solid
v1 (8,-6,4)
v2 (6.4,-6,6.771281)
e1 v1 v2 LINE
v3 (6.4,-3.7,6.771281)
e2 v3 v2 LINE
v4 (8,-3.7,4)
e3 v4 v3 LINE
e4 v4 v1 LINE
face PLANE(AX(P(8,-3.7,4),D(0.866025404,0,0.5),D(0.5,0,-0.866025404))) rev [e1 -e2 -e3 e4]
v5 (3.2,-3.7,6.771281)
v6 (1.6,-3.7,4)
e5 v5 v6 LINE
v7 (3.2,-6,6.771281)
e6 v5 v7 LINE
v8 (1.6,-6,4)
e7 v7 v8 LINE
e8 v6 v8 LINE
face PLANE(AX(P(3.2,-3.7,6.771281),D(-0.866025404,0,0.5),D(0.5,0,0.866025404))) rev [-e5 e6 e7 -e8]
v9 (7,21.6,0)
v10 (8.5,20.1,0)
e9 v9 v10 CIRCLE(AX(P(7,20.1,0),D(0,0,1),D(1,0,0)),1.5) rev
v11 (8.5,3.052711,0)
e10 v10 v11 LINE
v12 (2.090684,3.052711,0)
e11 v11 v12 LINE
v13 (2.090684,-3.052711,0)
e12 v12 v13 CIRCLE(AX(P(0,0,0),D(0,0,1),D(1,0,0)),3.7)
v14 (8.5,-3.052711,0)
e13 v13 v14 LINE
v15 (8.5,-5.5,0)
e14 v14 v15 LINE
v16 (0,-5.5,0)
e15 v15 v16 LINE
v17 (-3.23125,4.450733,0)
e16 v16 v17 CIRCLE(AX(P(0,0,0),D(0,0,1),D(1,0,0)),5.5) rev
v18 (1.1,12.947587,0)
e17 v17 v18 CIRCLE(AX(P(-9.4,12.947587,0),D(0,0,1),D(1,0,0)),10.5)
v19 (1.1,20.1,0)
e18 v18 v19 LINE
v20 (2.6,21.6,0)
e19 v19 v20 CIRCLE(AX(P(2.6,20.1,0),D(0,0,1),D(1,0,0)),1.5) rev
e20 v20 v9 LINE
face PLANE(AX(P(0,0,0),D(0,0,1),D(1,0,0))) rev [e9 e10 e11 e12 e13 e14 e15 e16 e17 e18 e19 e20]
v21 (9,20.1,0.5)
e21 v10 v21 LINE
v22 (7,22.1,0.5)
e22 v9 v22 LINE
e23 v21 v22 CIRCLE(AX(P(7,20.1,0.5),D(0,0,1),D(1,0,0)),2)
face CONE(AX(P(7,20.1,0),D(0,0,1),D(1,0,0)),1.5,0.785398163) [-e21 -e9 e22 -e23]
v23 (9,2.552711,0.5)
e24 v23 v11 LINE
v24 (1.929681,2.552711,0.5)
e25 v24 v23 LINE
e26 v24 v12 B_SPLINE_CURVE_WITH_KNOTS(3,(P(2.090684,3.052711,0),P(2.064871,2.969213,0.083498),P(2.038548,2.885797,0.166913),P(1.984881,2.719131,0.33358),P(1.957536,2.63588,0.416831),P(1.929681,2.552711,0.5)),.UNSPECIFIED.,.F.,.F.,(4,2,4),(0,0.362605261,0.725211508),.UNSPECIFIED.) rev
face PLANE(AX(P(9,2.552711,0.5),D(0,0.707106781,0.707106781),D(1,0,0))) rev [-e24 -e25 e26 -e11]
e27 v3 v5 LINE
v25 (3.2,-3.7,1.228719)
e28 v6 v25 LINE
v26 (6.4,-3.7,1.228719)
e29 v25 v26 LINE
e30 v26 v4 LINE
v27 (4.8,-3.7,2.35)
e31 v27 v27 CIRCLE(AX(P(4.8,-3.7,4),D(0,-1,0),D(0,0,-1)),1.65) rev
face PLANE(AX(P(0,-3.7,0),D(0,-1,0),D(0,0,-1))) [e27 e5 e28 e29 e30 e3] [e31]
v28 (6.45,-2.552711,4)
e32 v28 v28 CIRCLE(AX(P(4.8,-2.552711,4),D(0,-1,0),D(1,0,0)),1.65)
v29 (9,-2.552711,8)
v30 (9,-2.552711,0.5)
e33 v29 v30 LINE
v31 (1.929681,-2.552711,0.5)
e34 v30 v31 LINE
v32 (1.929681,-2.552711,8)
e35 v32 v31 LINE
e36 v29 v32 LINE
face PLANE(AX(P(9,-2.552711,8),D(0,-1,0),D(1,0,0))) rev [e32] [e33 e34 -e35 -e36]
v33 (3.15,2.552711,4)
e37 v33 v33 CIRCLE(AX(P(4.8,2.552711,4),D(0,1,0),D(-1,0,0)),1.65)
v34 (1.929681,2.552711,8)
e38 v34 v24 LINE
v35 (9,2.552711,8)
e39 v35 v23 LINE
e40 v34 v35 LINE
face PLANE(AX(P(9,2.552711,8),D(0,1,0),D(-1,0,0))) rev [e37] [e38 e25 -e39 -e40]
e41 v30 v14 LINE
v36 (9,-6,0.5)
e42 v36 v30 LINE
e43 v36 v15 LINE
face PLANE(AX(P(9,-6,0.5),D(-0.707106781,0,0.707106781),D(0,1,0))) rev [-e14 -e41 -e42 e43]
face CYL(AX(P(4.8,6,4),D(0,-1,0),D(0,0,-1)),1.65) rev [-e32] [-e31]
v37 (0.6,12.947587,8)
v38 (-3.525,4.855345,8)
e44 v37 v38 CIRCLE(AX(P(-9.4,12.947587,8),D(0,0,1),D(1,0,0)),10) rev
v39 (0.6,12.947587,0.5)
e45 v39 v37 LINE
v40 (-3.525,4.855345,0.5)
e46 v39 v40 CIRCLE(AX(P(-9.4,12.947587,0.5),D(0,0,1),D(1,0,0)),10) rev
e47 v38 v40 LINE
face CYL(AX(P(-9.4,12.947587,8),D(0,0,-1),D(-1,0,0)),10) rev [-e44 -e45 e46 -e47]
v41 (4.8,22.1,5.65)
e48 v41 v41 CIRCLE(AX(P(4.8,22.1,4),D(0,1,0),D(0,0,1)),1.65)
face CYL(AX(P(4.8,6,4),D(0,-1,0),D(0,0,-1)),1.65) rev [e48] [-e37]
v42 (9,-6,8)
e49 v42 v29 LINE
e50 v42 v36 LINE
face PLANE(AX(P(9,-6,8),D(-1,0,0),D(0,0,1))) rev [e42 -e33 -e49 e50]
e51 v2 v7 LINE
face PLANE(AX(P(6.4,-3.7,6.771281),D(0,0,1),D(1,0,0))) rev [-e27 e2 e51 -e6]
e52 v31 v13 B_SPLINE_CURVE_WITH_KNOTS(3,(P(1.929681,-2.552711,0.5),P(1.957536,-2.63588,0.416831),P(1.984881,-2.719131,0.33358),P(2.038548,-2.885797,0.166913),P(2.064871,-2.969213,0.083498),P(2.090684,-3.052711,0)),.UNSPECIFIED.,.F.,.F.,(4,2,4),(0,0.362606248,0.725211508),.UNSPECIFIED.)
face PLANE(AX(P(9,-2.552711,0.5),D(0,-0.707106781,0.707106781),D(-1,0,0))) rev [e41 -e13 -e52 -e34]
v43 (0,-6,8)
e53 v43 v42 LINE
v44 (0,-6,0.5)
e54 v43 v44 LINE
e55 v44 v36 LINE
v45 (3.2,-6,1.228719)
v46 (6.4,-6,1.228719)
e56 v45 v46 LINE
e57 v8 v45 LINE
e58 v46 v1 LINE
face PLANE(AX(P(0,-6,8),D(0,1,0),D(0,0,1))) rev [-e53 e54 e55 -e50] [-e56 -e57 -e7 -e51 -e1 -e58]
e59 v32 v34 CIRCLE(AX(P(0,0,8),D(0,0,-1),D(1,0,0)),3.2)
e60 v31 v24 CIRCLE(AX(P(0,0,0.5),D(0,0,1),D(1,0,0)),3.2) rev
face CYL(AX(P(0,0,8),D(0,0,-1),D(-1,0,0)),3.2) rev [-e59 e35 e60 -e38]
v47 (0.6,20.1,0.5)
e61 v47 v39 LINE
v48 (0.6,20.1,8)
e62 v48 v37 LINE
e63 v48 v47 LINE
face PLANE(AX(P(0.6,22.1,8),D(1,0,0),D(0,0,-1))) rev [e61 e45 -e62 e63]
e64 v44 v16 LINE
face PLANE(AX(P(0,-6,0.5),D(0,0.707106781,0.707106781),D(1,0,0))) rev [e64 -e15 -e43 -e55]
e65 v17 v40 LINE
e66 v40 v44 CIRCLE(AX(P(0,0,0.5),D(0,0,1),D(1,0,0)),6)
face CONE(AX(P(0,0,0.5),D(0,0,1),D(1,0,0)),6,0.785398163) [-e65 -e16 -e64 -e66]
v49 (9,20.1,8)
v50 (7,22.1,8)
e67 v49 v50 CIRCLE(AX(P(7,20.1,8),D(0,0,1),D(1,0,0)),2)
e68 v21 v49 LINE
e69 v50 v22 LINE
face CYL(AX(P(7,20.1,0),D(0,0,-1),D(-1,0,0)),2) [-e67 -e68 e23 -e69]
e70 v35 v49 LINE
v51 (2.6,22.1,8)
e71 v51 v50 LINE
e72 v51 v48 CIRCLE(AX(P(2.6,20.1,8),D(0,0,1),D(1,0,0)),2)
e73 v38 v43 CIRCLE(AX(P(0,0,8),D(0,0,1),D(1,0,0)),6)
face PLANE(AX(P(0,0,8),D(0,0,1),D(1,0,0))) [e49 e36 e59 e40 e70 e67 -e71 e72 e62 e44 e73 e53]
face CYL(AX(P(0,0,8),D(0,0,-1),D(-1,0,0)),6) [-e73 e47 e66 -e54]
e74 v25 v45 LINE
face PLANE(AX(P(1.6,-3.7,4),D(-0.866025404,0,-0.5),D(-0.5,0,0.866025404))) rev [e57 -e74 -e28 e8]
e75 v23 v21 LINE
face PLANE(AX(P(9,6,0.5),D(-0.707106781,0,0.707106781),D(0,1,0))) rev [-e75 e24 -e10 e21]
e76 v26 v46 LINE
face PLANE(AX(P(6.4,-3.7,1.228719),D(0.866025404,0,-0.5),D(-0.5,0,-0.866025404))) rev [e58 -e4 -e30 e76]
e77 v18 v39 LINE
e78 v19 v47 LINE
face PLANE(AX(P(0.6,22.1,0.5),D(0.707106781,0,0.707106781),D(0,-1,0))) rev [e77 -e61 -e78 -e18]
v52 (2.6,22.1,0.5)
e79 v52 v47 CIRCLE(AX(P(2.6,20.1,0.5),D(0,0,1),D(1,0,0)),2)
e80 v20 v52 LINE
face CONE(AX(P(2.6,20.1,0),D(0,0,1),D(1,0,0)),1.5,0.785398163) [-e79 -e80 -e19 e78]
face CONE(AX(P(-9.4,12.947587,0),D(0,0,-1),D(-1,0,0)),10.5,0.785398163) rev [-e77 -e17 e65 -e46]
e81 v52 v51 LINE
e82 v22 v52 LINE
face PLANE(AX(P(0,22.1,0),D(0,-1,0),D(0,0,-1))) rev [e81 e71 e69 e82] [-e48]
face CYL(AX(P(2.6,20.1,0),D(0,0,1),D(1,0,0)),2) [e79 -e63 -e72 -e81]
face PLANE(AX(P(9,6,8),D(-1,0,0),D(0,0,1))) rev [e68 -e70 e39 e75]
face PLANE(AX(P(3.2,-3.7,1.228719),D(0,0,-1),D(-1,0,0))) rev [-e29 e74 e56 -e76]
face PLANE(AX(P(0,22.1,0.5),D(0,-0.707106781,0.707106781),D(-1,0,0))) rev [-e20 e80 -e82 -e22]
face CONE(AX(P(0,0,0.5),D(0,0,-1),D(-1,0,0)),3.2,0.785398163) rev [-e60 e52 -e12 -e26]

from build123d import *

# Parameters (mm, degrees)
BOSS_EXTRUDE1_DEPTH = 8
SKETCH2_R           = 1.65
CUT_EXTRUDE1_DEPTH  = 18
CUT_EXTRUDE2_DEPTH  = 2.3
SKETCH5_W           = 8.4
SKETCH5_H           = 8
SKETCH5_R           = 1.65
BOSS_EXTRUDE2_DEPTH = 16.1
FILLET1_R           = 10
FILLET2_R           = 2
CHAMFER1_SIZE       = 0.5


with BuildPart() as part:
    # Sketch1 → Boss-Extrude1 (new body)
    with BuildSketch(Plane.XY):
        with BuildLine():
            Line((0, 6), (9, 6))
            Line((9, 6), (9, 2.552710574))
            Line((9, 2.552710574), (1.929680991, 2.552710574))
            ThreePointArc((1.929680991, 2.552710574), (-3.2, 0), (1.929680991, -2.552710574))
            Line((1.929680991, -2.552710574), (9, -2.552710574))
            Line((9, -2.552710574), (9, -6))
            Line((9, -6), (0, -6))
            ThreePointArc((0, -6), (-6, 0), (0, 6))
        make_face()
    extrude(amount=BOSS_EXTRUDE1_DEPTH)

    # Sketch2 → Cut-Extrude1 (cut, through all)
    with BuildSketch(Plane.XZ.offset(6)):
        with Locations(Location((4.8, 4, 0), (0, 0, 270))):
            Circle(SKETCH2_R)
    extrude(amount=-CUT_EXTRUDE1_DEPTH, mode=Mode.SUBTRACT)

    # Sketch3 → Cut-Extrude2 (cut)
    with BuildSketch(Plane.XZ.offset(6)):
        Polygon((6.4, 6.771281292), (3.2, 6.771281292), (1.6, 4), (3.2, 1.228718708), (6.4, 1.228718708), (8, 4), align=None)
    extrude(amount=-CUT_EXTRUDE2_DEPTH, mode=Mode.SUBTRACT)

    # Sketch5 → Boss-Extrude2 (add)
    with BuildSketch(Plane(origin=(0, 6, 0), x_dir=(1, 0, 0), z_dir=(0, 1, 0))):
        with Locations((4.8, -4)):
            Rectangle(SKETCH5_W, SKETCH5_H)
        with Locations(Location((4.8, -4, 0), (0, 0, 90))):
            Circle(SKETCH5_R, mode=Mode.SUBTRACT)
    extrude(amount=BOSS_EXTRUDE2_DEPTH)

    # Fillet1
    fillet1_edges = [part.edges().sort_by_distance(p)[0] for p in [
        (0.6, 6, 4),
    ]]
    fillet(fillet1_edges, radius=FILLET1_R)

    # Fillet2
    fillet2_edges = [part.edges().sort_by_distance(p)[0] for p in [
        (9, 22.1, 4),
        (0.6, 22.1, 4),
    ]]
    fillet(fillet2_edges, radius=FILLET2_R)

    # Chamfer1
    chamfer1_edges = [part.edges().sort_by_distance(p)[0] for p in [
        (5.464840496, 2.552710574, 0),
        (-3.2, 0, 0),
        (-5.706665837, -1.853096064, 0),
        (-0.490735159, 8.406111117, 0),
        (4.8, 22.1, 0),
        (5.464840496, -2.552710574, 0),
        (0.6, 16.523793324, 0),
        (1.185786438, 21.514213562, 0),
        (8.414213562, 21.514213562, 0),
        (9, -4.276355287, 0),
        (4.5, -6, 0),
        (9, 11.326355287, 0),
    ]]
    chamfer(chamfer1_edges, length=CHAMFER1_SIZE)


solid = part.part
